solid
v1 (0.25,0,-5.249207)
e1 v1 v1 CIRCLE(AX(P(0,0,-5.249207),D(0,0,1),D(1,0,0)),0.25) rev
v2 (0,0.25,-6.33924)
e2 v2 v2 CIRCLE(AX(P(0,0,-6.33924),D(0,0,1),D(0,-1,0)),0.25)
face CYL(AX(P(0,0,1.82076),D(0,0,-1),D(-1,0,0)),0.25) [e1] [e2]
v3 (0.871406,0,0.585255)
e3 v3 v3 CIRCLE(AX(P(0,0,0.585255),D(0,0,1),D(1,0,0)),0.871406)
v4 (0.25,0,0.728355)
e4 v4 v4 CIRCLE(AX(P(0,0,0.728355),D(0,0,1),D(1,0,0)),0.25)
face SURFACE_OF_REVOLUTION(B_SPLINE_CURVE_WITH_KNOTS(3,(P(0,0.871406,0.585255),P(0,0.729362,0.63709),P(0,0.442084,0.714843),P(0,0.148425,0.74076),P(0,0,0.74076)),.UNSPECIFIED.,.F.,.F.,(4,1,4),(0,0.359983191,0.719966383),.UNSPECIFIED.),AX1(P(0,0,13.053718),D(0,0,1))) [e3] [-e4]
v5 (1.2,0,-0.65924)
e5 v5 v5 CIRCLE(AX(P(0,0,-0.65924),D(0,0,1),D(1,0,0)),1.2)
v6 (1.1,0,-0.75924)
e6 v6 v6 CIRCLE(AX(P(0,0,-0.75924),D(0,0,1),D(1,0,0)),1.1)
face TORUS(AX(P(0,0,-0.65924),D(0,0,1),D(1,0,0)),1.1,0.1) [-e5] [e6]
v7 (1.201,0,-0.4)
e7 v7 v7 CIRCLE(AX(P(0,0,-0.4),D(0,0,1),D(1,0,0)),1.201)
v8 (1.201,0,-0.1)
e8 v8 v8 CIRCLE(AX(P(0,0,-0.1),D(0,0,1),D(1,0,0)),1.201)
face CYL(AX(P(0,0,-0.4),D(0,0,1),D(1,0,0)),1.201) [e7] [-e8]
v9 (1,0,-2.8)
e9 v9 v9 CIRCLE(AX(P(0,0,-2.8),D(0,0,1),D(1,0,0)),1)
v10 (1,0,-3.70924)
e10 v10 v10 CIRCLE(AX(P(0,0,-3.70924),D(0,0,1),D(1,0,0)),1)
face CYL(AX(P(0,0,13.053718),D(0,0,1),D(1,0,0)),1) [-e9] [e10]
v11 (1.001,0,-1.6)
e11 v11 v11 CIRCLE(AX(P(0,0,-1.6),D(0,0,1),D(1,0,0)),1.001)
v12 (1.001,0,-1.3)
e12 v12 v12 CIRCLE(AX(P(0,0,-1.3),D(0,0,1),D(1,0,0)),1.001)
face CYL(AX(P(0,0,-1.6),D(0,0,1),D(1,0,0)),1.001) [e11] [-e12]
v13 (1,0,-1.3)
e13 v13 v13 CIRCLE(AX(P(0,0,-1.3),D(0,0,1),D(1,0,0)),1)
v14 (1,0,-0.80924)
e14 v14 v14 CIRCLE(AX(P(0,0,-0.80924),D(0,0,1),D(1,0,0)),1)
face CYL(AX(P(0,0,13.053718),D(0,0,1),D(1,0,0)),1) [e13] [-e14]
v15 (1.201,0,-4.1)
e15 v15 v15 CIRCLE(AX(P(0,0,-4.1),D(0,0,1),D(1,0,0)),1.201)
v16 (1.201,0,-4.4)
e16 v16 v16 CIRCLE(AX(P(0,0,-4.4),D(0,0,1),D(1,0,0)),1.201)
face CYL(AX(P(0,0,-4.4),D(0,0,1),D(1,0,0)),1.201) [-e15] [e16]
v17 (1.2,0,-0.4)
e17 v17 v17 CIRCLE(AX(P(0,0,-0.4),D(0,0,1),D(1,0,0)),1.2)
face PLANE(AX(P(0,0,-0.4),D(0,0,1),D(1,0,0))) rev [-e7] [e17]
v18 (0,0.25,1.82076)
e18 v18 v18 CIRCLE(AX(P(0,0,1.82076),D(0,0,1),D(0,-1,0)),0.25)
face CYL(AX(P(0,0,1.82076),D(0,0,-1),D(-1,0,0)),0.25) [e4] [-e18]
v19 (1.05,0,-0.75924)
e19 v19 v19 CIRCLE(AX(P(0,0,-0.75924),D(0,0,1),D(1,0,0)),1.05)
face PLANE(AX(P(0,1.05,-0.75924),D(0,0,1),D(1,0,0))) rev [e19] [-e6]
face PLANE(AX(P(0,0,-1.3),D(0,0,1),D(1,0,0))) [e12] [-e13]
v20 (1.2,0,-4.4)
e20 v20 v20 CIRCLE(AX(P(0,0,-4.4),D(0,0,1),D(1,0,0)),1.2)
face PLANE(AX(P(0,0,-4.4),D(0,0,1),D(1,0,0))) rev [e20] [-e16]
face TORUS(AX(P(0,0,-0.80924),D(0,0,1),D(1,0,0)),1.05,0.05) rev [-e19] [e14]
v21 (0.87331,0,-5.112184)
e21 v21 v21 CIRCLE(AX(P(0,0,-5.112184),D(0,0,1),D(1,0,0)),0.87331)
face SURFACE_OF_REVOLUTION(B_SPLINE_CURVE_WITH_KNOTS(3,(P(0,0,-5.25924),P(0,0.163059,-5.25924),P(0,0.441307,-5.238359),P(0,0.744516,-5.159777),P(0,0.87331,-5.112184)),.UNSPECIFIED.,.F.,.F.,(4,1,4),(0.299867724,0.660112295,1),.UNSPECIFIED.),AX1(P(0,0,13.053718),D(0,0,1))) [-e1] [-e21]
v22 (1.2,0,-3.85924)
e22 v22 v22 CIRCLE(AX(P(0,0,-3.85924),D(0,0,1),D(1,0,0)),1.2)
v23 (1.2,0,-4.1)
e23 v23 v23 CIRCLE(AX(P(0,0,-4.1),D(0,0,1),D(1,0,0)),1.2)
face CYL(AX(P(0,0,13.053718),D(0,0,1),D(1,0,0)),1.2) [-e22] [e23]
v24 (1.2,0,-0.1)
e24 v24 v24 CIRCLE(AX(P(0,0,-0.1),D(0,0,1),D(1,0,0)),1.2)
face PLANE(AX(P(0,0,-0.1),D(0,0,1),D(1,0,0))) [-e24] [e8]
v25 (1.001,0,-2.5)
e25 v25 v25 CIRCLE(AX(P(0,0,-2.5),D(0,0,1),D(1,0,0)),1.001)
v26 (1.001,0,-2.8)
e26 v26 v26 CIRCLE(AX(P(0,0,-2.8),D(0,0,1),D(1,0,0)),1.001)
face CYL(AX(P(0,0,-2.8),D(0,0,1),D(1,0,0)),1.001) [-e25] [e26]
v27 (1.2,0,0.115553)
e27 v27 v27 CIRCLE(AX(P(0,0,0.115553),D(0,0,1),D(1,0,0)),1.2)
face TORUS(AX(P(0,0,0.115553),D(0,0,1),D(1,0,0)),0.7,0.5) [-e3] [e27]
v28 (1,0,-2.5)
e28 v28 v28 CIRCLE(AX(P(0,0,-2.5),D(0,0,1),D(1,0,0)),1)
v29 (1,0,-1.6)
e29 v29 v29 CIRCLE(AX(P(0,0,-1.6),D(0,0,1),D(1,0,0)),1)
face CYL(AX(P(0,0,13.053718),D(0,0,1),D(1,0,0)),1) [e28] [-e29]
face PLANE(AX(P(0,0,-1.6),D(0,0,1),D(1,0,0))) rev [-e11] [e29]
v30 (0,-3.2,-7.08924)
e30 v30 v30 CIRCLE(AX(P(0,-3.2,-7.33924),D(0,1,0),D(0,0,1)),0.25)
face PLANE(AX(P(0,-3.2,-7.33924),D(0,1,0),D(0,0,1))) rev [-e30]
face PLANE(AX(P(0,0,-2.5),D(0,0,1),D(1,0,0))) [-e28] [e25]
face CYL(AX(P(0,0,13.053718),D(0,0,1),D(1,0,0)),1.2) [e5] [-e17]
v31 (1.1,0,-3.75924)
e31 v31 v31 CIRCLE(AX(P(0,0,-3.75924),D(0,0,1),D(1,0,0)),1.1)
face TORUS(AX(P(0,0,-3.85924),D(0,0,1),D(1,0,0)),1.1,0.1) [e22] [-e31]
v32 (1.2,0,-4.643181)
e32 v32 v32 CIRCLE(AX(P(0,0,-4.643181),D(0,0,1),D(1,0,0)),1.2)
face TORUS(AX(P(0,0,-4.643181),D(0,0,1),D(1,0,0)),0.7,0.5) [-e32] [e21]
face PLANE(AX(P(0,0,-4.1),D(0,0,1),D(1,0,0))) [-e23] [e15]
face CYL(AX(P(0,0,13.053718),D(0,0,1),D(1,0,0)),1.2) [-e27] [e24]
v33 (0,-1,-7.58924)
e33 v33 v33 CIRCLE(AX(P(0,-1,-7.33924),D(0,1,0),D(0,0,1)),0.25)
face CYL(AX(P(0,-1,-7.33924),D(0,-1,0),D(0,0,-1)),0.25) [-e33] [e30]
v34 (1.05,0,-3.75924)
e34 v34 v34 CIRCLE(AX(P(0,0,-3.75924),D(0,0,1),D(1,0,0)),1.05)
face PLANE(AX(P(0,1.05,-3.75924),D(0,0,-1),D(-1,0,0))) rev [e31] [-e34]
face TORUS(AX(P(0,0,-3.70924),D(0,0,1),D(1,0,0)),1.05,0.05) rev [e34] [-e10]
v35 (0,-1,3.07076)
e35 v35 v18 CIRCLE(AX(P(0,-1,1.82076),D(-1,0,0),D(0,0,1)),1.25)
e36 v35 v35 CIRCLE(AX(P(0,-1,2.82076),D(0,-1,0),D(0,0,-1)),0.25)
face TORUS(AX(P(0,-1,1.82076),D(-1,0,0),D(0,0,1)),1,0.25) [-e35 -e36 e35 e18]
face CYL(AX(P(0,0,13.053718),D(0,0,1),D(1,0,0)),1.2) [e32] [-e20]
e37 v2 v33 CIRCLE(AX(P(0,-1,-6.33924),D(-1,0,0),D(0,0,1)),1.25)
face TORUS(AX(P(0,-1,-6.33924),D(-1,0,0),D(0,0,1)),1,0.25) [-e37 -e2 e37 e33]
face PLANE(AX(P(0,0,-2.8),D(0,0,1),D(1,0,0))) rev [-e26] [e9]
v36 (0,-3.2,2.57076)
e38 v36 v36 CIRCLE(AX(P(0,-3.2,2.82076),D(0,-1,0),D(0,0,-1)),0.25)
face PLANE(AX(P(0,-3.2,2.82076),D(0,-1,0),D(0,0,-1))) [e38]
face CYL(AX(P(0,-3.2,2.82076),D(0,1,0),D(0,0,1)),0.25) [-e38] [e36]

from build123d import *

# Parameters (mm, degrees)
VARREDURA1_PROFILE_R     = 0.25
ESBO_O16_R               = 1.201
ESBO_O16_R_2             = 1.2
RESSALTO_EXTRUS_O1_DEPTH = 0.3
ESBO_O17_R               = 1.201
ESBO_O17_R_2             = 1.2
RESSALTO_EXTRUS_O2_DEPTH = 0.3
ESBO_O18_R               = 1.001
ESBO_O18_R_2             = 1
RESSALTO_EXTRUS_O3_DEPTH = 0.3
ESBO_O19_R               = 1.001
ESBO_O19_R_2             = 1
RESSALTO_EXTRUS_O6_DEPTH = 0.3


with BuildPart() as part:
    # Esboço1 → Revolução1 (revolve)
    with BuildSketch(Plane(origin=(0, 0, 0), x_dir=(0, 0, -1), z_dir=(1, 0, 0)), mode=Mode.PRIVATE) as revolu_o1_sk:
        with BuildLine():
            Line((-0.740760497, 0), (0.759239503, 0))
            Line((0.759239503, 0), (3.759239503, 0))
            Line((3.759239503, 0), (5.259239503, 0))
            add(Edge.make_bspline(
                [(5.112183942, 0.873310117), (5.159777213, 0.744515697), (5.238359199, 0.441306862), (5.259239503, 0.163059126), (5.259239503, 0)],
                knots=[0.299867724, 0.299867724, 0.299867724, 0.299867724, 0.639755429, 1, 1, 1, 1], degree=3))
            ThreePointArc((5.112183942, 0.873310117), (4.928965125, 1.110277381), (4.643181167, 1.2))
            Line((4.643181167, 1.2), (3.859239503, 1.2))
            ThreePointArc((3.859239503, 1.2), (3.788528825, 1.170710678), (3.759239503, 1.1))
            Line((3.759239503, 1.1), (3.759239503, 1.05))
            ThreePointArc((3.759239503, 1.05), (3.744594842, 1.014644661), (3.709239503, 1))
            Line((3.709239503, 1), (0.809239503, 1))
            ThreePointArc((0.809239503, 1), (0.773884164, 1.014644661), (0.759239503, 1.05))
            Line((0.759239503, 1.05), (0.759239503, 1.1))
            ThreePointArc((0.759239503, 1.1), (0.729950181, 1.170710678), (0.659239503, 1.2))
            Line((0.659239503, 1.2), (-0.11555287, 1.2))
            ThreePointArc((-0.11555287, 1.2), (-0.402168626, 1.109696727), (-0.585255019, 0.871405634))
            add(Edge.make_bspline(
                [(-0.740760497, 0), (-0.740760497, 0.148424872), (-0.714842917, 0.442084017), (-0.637090178, 0.729361961), (-0.585255019, 0.871405634)],
                knots=[0, 0, 0, 0, 0.359983191, 0.719966383, 0.719966383, 0.719966383, 0.719966383], degree=3))
        make_face()
    revolve(revolu_o1_sk.sketch.rotate(Axis((0, 0, 13.053718468), (0, 0, -1)), 90), axis=Axis((0, 0, 13.053718468), (0, 0, -1)))

    # Varredura1: sweep along a path in Esboço2
    with BuildLine(Plane(origin=(0, 0, 0), x_dir=(0, 0, -1), z_dir=(1, 0, 0))) as varredura1_path:
        Line((7.339239503, -3.2), (7.339239503, -1))
        ThreePointArc((7.339239503, -1), (7.046346285, -0.292893219), (6.339239503, 0))
        Line((6.339239503, 0), (-1.820760497, 0))
        ThreePointArc((-1.820760497, 0), (-2.527867278, -0.292893219), (-2.820760497, -1))
        Line((-2.820760497, -1), (-2.820760497, -3.2))
    # Varredura1 profile (on start of the path) → Varredura1 (sweep)
    with BuildSketch(Plane(origin=(0, -3.2, -7.339239503), x_dir=(0, 0, 1), z_dir=(0, 1, 0))):
        Circle(VARREDURA1_PROFILE_R)
    sweep(path=varredura1_path.line)

    # Esboço16 → Ressalto-extrusão1 (add)
    with BuildSketch(Plane.XY.offset(-0.1)):
        Circle(ESBO_O16_R)
        Circle(ESBO_O16_R_2, mode=Mode.SUBTRACT)
    extrude(amount=-RESSALTO_EXTRUS_O1_DEPTH)

    # Esboço17 → Ressalto-extrusão2 (add)
    with BuildSketch(Plane.XY.offset(-4.1)):
        Circle(ESBO_O17_R)
        Circle(ESBO_O17_R_2, mode=Mode.SUBTRACT)
    extrude(amount=-RESSALTO_EXTRUS_O2_DEPTH)

    # Esboço18 → Ressalto-extrusão3 (add)
    with BuildSketch(Plane.XY.offset(-1.3)):
        Circle(ESBO_O18_R)
        Circle(ESBO_O18_R_2, mode=Mode.SUBTRACT)
    extrude(amount=-RESSALTO_EXTRUS_O3_DEPTH)

    # Esboço19 → Ressalto-extrusão6 (add)
    with BuildSketch(Plane.XY.offset(-2.5)):
        Circle(ESBO_O19_R)
        Circle(ESBO_O19_R_2, mode=Mode.SUBTRACT)
    extrude(amount=-RESSALTO_EXTRUS_O6_DEPTH)


solid = part.part
